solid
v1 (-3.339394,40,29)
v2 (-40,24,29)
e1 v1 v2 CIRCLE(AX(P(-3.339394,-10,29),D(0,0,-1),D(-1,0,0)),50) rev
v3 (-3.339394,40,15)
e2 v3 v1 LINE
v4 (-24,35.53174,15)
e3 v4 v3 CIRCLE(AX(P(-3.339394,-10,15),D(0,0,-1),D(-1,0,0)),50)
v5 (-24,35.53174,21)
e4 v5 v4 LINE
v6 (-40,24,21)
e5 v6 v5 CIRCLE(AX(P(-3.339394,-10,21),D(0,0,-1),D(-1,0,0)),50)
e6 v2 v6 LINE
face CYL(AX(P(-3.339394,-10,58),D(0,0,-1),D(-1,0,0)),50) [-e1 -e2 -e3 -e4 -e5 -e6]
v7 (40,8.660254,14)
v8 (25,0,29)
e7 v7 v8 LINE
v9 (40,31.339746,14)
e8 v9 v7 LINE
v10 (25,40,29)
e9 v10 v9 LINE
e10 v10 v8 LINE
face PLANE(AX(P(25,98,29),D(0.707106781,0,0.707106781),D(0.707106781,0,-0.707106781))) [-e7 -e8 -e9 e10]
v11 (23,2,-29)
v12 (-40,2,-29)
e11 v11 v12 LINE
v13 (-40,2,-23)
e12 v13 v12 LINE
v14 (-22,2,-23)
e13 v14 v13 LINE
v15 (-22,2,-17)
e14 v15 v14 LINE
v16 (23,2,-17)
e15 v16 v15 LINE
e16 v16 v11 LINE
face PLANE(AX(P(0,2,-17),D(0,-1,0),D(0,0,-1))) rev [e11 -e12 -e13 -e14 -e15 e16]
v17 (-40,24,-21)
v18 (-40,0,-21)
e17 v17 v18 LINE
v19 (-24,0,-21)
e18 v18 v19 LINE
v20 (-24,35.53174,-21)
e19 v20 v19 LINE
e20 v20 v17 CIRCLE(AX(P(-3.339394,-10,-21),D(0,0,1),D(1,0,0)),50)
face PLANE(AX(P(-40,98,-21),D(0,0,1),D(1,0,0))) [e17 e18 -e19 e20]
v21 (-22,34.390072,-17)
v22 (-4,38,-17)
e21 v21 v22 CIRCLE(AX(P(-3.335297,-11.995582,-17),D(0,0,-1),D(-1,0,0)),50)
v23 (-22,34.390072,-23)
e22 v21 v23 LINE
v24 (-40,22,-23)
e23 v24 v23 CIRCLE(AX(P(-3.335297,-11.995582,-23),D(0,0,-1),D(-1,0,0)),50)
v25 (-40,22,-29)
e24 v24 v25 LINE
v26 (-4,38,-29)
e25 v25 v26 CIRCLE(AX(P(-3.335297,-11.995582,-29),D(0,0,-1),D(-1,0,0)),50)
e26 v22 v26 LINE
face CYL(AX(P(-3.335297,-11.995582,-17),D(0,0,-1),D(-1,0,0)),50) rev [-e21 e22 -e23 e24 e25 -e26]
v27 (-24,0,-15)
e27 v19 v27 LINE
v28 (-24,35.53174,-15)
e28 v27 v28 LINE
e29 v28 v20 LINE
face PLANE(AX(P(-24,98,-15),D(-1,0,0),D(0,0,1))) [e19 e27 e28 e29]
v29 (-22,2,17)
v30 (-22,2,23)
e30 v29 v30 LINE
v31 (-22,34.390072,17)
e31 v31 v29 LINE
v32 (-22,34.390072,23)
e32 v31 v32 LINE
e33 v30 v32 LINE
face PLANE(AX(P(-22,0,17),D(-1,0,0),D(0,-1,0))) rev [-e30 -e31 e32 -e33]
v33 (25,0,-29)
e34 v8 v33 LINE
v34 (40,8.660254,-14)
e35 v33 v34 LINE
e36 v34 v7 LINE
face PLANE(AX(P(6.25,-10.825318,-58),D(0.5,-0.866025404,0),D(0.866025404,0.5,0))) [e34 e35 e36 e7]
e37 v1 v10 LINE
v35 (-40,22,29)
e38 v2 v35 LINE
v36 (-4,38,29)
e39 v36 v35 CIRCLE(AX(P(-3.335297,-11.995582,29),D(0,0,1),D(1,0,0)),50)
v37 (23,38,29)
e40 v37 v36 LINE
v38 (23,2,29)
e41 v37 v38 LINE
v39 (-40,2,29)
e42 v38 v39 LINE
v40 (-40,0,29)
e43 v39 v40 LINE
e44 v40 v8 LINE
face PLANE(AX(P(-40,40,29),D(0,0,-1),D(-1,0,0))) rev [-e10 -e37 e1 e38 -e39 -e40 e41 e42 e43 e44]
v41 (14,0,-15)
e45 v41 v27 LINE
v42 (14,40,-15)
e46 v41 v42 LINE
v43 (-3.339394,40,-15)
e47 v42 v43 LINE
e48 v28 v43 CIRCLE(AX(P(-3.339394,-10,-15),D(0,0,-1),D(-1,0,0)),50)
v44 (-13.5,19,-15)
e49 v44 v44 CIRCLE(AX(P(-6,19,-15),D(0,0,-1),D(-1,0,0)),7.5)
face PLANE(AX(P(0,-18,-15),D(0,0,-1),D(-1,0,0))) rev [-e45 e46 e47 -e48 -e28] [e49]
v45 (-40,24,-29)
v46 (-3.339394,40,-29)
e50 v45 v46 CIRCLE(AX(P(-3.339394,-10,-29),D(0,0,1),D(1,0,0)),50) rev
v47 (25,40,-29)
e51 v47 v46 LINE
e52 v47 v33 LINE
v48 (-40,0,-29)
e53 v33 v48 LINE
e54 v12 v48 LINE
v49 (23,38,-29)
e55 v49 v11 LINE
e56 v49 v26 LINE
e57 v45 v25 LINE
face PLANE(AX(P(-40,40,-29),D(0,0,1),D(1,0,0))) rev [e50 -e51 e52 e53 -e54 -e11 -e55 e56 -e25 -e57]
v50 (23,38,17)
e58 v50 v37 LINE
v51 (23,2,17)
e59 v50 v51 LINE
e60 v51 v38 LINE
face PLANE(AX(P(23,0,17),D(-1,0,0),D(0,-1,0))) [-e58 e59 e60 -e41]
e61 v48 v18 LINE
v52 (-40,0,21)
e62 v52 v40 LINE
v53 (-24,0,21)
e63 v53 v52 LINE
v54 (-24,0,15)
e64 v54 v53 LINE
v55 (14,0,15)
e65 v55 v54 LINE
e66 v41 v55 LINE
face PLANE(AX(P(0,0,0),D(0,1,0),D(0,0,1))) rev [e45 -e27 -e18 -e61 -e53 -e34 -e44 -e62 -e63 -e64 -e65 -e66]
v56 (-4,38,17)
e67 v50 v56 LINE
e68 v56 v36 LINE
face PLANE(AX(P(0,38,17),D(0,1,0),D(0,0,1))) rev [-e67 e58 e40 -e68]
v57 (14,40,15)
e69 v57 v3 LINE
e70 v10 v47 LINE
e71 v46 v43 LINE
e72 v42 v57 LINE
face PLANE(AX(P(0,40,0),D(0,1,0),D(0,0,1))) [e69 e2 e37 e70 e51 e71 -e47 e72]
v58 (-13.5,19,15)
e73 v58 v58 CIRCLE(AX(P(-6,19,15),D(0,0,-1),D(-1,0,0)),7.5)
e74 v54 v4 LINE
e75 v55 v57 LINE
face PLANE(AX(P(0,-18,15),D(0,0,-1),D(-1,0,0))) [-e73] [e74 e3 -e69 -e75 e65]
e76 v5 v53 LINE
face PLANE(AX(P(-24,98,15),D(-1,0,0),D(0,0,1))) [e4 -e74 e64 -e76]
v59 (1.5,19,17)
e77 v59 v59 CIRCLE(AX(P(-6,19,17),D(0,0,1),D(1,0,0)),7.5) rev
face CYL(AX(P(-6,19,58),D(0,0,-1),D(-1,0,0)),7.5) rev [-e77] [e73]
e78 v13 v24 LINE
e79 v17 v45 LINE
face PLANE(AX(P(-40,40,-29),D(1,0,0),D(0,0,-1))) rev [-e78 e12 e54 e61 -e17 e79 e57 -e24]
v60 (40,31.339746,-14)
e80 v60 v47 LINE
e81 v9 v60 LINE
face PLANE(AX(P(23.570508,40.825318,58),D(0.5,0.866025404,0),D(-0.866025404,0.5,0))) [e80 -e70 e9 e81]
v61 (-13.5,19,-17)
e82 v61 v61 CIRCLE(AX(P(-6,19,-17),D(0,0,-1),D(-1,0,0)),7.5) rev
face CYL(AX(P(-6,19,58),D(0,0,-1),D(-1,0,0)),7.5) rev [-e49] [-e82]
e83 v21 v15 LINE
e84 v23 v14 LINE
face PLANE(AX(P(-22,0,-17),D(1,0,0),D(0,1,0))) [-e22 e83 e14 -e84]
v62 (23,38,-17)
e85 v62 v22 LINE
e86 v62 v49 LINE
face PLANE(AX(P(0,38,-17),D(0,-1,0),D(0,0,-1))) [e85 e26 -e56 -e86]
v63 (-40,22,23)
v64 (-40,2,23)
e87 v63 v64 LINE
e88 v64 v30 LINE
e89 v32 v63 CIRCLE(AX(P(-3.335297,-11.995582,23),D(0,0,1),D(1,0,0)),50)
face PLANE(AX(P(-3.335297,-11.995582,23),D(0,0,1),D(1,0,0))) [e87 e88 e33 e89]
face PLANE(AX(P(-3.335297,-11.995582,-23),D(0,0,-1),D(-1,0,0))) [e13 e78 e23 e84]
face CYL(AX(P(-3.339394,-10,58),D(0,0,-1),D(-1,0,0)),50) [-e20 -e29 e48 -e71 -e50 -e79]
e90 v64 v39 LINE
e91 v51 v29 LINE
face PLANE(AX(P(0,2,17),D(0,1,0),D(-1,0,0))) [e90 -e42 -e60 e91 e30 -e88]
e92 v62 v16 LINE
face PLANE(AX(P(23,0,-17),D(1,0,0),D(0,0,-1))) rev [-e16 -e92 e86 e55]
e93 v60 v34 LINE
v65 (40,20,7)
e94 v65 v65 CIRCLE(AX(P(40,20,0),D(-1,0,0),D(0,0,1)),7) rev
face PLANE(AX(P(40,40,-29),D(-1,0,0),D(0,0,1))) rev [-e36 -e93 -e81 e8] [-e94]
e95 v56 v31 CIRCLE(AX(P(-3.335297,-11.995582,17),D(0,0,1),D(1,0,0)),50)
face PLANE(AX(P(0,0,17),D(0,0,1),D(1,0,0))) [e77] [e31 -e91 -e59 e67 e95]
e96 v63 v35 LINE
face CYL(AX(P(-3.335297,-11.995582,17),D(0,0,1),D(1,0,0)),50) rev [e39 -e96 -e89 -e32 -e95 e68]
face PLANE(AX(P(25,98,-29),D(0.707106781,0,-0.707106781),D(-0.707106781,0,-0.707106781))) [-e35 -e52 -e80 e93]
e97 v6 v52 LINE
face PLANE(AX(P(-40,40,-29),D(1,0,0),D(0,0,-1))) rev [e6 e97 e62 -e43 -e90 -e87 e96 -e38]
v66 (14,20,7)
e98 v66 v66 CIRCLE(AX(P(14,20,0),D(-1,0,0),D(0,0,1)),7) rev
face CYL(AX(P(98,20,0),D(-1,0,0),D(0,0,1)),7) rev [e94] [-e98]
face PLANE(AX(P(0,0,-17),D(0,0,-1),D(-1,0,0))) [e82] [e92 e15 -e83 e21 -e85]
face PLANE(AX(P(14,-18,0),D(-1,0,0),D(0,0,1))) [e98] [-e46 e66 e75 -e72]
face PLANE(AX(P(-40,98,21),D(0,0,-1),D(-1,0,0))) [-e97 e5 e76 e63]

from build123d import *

# Parameters (mm, degrees)
SKETCH2_W                = 80
SKETCH2_H                = 58
BOSS_EXTRUDE1_DEPTH      = 40
CUT_EXTRUDE7_DEPTH       = 58
CUT_EXTRUDE7_DEPTH_BACK  = 58
SKETCH4_R                = 7.5
SKETCH12_W               = 54
SKETCH12_H               = 30
CUT_EXTRUDE10_DEPTH      = 58
CUT_EXTRUDE11_DEPTH      = 58
CUT_EXTRUDE11_DEPTH_BACK = 58
SKETCH14_W               = 16
SKETCH14_H               = 6
CUT_EXTRUDE12_DEPTH      = 58
CUT_EXTRUDE12_DEPTH_BACK = 58
SKETCH17_R               = 7
CUT_EXTRUDE14_DEPTH      = 58
CUT_EXTRUDE14_DEPTH_BACK = 58
SKETCH20_R               = 7.5
CUT_EXTRUDE15_DEPTH      = 12
CUT_EXTRUDE16_DEPTH      = 6
CUT_EXTRUDE17_START      = -12
SKETCH23_R               = 7.5
CUT_EXTRUDE17_DEPTH      = 12
CUT_EXTRUDE18_START      = -6
CUT_EXTRUDE18_DEPTH      = 6


with BuildPart() as part:
    # Sketch2 → Boss-Extrude1 (new body)
    with BuildSketch(Plane(origin=(0, 0, 0), x_dir=(1, 0, 0), z_dir=(0, 1, 0))):
        Rectangle(SKETCH2_W, SKETCH2_H)
    extrude(amount=BOSS_EXTRUDE1_DEPTH)

    # Sketch4 → Cut-Extrude7 (cut, two sides: drawn at the far end of the back side and taken through both)
    with BuildSketch(Plane.XY.offset(-CUT_EXTRUDE7_DEPTH_BACK)):
        Polygon((25, 0), (40, 0), (40, 8.660254038), align=None)
        Polygon((25, 40), (40, 31.339745962), (40, 40), align=None)
        with BuildLine():
            Line((-40, 40), (-40, 24))
            ThreePointArc((-40, 24), (-23.33939444, 35.82575695), (-3.33939444, 40))
            Line((-3.33939444, 40), (-40, 40))
        make_face()
        with Locations((-6, 19)):
            Circle(SKETCH4_R)
    extrude(amount=CUT_EXTRUDE7_DEPTH + CUT_EXTRUDE7_DEPTH_BACK, mode=Mode.SUBTRACT)

    # Sketch12 → Cut-Extrude10 (cut)
    with BuildSketch(Plane(origin=(0, 40, 0), x_dir=(1, 0, 0), z_dir=(0, 1, 0))):
        with Locations((-13, 0)):
            Rectangle(SKETCH12_W, SKETCH12_H)
    extrude(amount=-CUT_EXTRUDE10_DEPTH, mode=Mode.SUBTRACT)

    # Sketch14 → Cut-Extrude11 (cut, two sides: drawn at the far end of the back side and taken through both)
    with BuildSketch(Plane(origin=(0, 40, 0), x_dir=(1, 0, 0), z_dir=(0, 1, 0)).offset(-CUT_EXTRUDE11_DEPTH_BACK)):
        with Locations((-32, 18)):
            Rectangle(SKETCH14_W, SKETCH14_H)
        with Locations((-32, -18)):
            Rectangle(SKETCH14_W, SKETCH14_H)
    extrude(amount=CUT_EXTRUDE11_DEPTH + CUT_EXTRUDE11_DEPTH_BACK, mode=Mode.SUBTRACT)

    # Sketch17 → Cut-Extrude12 (cut, two sides: drawn at the far end of the back side and taken through both)
    with BuildSketch(Plane(origin=(40, 0, 0), x_dir=(0, 0, -1), z_dir=(1, 0, 0)).offset(-CUT_EXTRUDE12_DEPTH_BACK)):
        with Locations((0, 20)):
            Circle(SKETCH17_R)
    extrude(amount=CUT_EXTRUDE12_DEPTH + CUT_EXTRUDE12_DEPTH_BACK, mode=Mode.SUBTRACT)

    # Sketch19 → Cut-Extrude14 (cut, two sides: drawn at the far end of the back side and taken through both)
    with BuildSketch(Plane(origin=(0, 40, 0), x_dir=(1, 0, 0), z_dir=(0, 1, 0)).offset(-CUT_EXTRUDE14_DEPTH_BACK)):
        Polygon((25, 29), (40, 29), (40, 14), align=None)
        Polygon((25, -29), (40, -14), (40, -29), align=None)
    extrude(amount=CUT_EXTRUDE14_DEPTH + CUT_EXTRUDE14_DEPTH_BACK, mode=Mode.SUBTRACT)

    # Sketch20 → Cut-Extrude15 (cut)
    with BuildSketch(Plane.XY.offset(29)):
        with BuildLine():
            Line((23, 2), (23, 38))
            Line((23, 38), (-4, 38))
            ThreePointArc((-4, 38), (-13.167101456, 37.028245592), (-22, 34.39007216))
            Line((-22, 34.39007216), (-22, 2))
            Line((-22, 2), (23, 2))
        make_face()
        with Locations((-6, 19)):
            Circle(SKETCH20_R, mode=Mode.SUBTRACT)
    extrude(amount=-CUT_EXTRUDE15_DEPTH, mode=Mode.SUBTRACT)

    # Sketch22 → Cut-Extrude16 (cut)
    with BuildSketch(Plane.XY.offset(29)):
        with BuildLine():
            Line((-22, 2), (-40, 2))
            Line((-40, 2), (-40, 22))
            ThreePointArc((-40, 22), (-31.685151748, 29.190408126), (-22, 34.39007216))
            Line((-22, 34.39007216), (-22, 2))
        make_face()
    extrude(amount=-CUT_EXTRUDE16_DEPTH, mode=Mode.SUBTRACT)

    # Sketch23 → Cut-Extrude17 (cut)
    with BuildSketch(Plane(origin=(0, 0, -29), x_dir=(-1, 0, 0), z_dir=(0, 0, -1)).offset(CUT_EXTRUDE17_START)):
        with BuildLine():
            Line((4, 38), (-23, 38))
            Line((-23, 38), (-23, 2))
            Line((-23, 2), (22, 2))
            Line((22, 2), (22, 34.39007216))
            ThreePointArc((22, 34.39007216), (13.167101456, 37.028245592), (4, 38))
        make_face()
        with Locations((6, 19)):
            Circle(SKETCH23_R, mode=Mode.SUBTRACT)
    extrude(amount=CUT_EXTRUDE17_DEPTH, mode=Mode.SUBTRACT)

    # Sketch24 → Cut-Extrude18 (cut)
    with BuildSketch(Plane(origin=(0, 0, -29), x_dir=(-1, 0, 0), z_dir=(0, 0, -1)).offset(CUT_EXTRUDE18_START)):
        with BuildLine():
            Line((22, 2), (40, 2))
            Line((40, 2), (40, 22))
            ThreePointArc((40, 22), (31.685151748, 29.190408126), (22, 34.39007216))
            Line((22, 34.39007216), (22, 2))
        make_face()
    extrude(amount=CUT_EXTRUDE18_DEPTH, mode=Mode.SUBTRACT)


solid = part.part
